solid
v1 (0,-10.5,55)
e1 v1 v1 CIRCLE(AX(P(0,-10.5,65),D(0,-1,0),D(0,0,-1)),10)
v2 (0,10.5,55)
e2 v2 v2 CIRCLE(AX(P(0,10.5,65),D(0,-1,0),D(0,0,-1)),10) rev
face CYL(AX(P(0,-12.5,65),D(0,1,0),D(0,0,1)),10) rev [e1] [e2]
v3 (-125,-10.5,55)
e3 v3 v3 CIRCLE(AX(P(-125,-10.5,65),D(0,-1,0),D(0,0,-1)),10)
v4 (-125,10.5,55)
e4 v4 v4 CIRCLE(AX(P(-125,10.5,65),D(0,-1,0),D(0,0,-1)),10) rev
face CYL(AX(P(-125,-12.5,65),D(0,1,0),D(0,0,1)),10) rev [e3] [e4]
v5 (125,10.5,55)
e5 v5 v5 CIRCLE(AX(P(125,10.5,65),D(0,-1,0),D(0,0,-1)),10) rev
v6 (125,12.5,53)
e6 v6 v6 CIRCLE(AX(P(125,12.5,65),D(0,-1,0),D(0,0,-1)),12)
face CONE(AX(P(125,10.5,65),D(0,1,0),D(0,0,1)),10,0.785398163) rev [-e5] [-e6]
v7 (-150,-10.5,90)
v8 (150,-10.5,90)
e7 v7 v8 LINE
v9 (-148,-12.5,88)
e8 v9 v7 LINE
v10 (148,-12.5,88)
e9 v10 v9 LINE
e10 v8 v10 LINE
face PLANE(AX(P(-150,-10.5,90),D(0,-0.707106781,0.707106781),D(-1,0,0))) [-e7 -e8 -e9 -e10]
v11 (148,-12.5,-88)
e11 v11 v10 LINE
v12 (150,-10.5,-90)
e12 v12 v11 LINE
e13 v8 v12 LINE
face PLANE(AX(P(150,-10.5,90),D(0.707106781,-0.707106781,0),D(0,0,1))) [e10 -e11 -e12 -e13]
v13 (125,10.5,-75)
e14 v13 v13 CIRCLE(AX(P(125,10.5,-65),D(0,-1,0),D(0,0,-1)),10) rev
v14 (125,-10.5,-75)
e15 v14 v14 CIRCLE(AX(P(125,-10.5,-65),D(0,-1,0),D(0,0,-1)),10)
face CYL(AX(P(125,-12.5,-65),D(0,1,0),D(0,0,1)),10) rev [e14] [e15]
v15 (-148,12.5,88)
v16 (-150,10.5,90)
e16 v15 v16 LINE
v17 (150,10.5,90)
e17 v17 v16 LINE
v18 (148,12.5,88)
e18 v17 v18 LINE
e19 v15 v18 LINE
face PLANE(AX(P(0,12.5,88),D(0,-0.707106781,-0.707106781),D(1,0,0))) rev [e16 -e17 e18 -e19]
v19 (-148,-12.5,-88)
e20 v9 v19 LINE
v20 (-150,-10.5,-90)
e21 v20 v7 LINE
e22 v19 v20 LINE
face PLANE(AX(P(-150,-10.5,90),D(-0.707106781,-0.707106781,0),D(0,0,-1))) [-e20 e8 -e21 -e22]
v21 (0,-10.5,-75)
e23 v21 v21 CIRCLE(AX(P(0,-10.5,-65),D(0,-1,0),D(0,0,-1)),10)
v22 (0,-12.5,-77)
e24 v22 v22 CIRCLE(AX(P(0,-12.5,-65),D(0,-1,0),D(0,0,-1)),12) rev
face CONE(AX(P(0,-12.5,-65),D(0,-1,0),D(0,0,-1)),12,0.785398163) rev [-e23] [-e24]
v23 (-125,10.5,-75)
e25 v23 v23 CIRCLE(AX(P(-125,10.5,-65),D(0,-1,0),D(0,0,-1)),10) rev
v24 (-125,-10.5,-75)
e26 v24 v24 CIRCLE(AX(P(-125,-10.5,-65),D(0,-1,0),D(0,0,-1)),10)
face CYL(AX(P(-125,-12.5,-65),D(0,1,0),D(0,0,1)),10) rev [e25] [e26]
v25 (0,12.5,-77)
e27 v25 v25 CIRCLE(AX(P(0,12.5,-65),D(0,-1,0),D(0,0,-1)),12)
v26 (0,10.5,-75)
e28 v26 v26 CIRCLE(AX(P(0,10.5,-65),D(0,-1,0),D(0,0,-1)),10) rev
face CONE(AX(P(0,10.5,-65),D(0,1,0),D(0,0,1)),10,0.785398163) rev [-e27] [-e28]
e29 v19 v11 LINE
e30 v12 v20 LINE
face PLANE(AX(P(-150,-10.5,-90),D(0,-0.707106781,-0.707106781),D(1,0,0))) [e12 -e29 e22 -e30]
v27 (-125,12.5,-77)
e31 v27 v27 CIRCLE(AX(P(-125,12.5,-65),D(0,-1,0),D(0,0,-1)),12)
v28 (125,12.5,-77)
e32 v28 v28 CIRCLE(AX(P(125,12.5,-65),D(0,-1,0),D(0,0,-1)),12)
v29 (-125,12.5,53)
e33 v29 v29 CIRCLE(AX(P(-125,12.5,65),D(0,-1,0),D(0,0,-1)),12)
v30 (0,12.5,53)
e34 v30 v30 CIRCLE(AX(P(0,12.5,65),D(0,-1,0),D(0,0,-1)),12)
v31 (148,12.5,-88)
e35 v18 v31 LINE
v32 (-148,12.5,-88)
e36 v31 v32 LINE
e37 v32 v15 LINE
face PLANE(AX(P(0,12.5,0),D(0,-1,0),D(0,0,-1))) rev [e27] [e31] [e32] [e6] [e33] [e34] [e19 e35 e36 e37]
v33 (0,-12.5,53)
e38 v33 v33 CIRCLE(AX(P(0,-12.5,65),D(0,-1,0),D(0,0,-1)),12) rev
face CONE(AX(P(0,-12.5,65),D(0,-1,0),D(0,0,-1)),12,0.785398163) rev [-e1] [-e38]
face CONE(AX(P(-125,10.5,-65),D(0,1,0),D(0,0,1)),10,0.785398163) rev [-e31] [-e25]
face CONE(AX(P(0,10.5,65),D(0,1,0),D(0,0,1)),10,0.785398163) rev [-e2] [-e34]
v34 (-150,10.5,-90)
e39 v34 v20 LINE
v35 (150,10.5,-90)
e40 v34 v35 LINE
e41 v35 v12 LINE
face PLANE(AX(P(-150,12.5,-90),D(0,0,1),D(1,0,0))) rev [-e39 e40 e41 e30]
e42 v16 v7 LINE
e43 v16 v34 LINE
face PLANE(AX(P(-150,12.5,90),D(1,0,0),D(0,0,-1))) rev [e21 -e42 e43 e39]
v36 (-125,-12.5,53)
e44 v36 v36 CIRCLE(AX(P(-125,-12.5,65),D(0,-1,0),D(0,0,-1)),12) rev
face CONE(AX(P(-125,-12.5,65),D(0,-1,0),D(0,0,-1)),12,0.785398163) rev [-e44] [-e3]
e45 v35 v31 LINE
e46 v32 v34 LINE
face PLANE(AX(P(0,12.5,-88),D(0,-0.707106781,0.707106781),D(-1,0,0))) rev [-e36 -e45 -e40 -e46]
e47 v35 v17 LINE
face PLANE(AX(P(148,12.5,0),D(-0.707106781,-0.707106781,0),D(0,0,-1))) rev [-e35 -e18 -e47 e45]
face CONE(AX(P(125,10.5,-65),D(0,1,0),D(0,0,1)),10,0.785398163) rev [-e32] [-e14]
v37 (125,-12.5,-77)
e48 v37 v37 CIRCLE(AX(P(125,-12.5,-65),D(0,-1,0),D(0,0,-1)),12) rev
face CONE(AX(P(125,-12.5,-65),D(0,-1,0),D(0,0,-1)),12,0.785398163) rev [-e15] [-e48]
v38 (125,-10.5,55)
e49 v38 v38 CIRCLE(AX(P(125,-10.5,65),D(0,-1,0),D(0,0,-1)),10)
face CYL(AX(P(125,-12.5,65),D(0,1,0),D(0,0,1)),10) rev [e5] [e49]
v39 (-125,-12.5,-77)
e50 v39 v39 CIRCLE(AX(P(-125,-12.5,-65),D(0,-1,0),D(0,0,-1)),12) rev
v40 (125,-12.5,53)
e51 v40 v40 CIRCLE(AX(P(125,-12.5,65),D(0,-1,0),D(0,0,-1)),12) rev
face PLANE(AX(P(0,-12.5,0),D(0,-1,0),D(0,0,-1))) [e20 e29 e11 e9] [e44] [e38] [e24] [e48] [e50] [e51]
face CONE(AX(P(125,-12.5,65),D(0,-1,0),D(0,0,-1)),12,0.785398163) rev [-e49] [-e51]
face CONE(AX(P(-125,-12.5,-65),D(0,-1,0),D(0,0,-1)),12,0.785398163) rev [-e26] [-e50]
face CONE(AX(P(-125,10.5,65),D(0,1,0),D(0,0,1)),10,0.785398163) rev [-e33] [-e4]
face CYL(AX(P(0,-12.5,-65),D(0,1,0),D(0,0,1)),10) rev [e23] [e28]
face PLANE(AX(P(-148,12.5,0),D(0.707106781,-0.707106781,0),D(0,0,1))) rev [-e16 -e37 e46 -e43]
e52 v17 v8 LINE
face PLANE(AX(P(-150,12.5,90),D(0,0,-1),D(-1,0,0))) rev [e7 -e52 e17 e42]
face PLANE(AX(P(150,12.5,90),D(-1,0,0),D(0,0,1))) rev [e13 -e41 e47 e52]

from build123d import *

# Parameters (mm, degrees)
SKETCH1_W           = 300
SKETCH1_H           = 180
BOSS_EXTRUDE1_DEPTH = 12.5
SKETCH2_R           = 10
CUT_EXTRUDE1_DEPTH  = 25
CHAMFER1_SIZE       = 2
CHAMFER2_SIZE       = 2


with BuildPart() as part:
    # Sketch1 → Boss-Extrude1 (new body, symmetric)
    with BuildSketch(Plane(origin=(0, 0, 0), x_dir=(1, 0, 0), z_dir=(0, 1, 0))):
        Rectangle(SKETCH1_W, SKETCH1_H)
    extrude(amount=BOSS_EXTRUDE1_DEPTH, both=True)

    # Sketch2 → Cut-Extrude1 (cut)
    with BuildSketch(Plane(origin=(0, 12.5, 0), x_dir=(1, 0, 0), z_dir=(0, 1, 0))):
        with Locations((-125, 65)):
            Circle(SKETCH2_R)
        with Locations((0, 65)):
            Circle(SKETCH2_R)
        with Locations((125, 65)):
            Circle(SKETCH2_R)
        with Locations((0, -65)):
            Circle(SKETCH2_R)
        with Locations((125, -65)):
            Circle(SKETCH2_R)
        with Locations((-125, -65)):
            Circle(SKETCH2_R)
    extrude(amount=-CUT_EXTRUDE1_DEPTH, mode=Mode.SUBTRACT)

    # Chamfer1
    chamfer1_edges = [part.edges().sort_by_distance(p)[0] for p in [
        (-150, 12.5, 0),
        (0, 12.5, 90),
        (-135, 12.5, -65),
        (-10, 12.5, -65),
        (115, 12.5, -65),
        (-10, 12.5, 65),
        (115, 12.5, 65),
        (-135, 12.5, 65),
        (150, 12.5, 0),
        (0, 12.5, -90),
    ]]
    chamfer(chamfer1_edges, length=CHAMFER1_SIZE)

    # Chamfer2
    chamfer2_edges = [part.edges().sort_by_distance(p)[0] for p in [
        (-135, -12.5, -65),
        (-10, -12.5, -65),
        (115, -12.5, -65),
        (-10, -12.5, 65),
        (115, -12.5, 65),
        (-135, -12.5, 65),
        (0, -12.5, 90),
        (-150, -12.5, 0),
        (0, -12.5, -90),
        (150, -12.5, 0),
    ]]
    chamfer(chamfer2_edges, length=CHAMFER2_SIZE)


solid = part.part
